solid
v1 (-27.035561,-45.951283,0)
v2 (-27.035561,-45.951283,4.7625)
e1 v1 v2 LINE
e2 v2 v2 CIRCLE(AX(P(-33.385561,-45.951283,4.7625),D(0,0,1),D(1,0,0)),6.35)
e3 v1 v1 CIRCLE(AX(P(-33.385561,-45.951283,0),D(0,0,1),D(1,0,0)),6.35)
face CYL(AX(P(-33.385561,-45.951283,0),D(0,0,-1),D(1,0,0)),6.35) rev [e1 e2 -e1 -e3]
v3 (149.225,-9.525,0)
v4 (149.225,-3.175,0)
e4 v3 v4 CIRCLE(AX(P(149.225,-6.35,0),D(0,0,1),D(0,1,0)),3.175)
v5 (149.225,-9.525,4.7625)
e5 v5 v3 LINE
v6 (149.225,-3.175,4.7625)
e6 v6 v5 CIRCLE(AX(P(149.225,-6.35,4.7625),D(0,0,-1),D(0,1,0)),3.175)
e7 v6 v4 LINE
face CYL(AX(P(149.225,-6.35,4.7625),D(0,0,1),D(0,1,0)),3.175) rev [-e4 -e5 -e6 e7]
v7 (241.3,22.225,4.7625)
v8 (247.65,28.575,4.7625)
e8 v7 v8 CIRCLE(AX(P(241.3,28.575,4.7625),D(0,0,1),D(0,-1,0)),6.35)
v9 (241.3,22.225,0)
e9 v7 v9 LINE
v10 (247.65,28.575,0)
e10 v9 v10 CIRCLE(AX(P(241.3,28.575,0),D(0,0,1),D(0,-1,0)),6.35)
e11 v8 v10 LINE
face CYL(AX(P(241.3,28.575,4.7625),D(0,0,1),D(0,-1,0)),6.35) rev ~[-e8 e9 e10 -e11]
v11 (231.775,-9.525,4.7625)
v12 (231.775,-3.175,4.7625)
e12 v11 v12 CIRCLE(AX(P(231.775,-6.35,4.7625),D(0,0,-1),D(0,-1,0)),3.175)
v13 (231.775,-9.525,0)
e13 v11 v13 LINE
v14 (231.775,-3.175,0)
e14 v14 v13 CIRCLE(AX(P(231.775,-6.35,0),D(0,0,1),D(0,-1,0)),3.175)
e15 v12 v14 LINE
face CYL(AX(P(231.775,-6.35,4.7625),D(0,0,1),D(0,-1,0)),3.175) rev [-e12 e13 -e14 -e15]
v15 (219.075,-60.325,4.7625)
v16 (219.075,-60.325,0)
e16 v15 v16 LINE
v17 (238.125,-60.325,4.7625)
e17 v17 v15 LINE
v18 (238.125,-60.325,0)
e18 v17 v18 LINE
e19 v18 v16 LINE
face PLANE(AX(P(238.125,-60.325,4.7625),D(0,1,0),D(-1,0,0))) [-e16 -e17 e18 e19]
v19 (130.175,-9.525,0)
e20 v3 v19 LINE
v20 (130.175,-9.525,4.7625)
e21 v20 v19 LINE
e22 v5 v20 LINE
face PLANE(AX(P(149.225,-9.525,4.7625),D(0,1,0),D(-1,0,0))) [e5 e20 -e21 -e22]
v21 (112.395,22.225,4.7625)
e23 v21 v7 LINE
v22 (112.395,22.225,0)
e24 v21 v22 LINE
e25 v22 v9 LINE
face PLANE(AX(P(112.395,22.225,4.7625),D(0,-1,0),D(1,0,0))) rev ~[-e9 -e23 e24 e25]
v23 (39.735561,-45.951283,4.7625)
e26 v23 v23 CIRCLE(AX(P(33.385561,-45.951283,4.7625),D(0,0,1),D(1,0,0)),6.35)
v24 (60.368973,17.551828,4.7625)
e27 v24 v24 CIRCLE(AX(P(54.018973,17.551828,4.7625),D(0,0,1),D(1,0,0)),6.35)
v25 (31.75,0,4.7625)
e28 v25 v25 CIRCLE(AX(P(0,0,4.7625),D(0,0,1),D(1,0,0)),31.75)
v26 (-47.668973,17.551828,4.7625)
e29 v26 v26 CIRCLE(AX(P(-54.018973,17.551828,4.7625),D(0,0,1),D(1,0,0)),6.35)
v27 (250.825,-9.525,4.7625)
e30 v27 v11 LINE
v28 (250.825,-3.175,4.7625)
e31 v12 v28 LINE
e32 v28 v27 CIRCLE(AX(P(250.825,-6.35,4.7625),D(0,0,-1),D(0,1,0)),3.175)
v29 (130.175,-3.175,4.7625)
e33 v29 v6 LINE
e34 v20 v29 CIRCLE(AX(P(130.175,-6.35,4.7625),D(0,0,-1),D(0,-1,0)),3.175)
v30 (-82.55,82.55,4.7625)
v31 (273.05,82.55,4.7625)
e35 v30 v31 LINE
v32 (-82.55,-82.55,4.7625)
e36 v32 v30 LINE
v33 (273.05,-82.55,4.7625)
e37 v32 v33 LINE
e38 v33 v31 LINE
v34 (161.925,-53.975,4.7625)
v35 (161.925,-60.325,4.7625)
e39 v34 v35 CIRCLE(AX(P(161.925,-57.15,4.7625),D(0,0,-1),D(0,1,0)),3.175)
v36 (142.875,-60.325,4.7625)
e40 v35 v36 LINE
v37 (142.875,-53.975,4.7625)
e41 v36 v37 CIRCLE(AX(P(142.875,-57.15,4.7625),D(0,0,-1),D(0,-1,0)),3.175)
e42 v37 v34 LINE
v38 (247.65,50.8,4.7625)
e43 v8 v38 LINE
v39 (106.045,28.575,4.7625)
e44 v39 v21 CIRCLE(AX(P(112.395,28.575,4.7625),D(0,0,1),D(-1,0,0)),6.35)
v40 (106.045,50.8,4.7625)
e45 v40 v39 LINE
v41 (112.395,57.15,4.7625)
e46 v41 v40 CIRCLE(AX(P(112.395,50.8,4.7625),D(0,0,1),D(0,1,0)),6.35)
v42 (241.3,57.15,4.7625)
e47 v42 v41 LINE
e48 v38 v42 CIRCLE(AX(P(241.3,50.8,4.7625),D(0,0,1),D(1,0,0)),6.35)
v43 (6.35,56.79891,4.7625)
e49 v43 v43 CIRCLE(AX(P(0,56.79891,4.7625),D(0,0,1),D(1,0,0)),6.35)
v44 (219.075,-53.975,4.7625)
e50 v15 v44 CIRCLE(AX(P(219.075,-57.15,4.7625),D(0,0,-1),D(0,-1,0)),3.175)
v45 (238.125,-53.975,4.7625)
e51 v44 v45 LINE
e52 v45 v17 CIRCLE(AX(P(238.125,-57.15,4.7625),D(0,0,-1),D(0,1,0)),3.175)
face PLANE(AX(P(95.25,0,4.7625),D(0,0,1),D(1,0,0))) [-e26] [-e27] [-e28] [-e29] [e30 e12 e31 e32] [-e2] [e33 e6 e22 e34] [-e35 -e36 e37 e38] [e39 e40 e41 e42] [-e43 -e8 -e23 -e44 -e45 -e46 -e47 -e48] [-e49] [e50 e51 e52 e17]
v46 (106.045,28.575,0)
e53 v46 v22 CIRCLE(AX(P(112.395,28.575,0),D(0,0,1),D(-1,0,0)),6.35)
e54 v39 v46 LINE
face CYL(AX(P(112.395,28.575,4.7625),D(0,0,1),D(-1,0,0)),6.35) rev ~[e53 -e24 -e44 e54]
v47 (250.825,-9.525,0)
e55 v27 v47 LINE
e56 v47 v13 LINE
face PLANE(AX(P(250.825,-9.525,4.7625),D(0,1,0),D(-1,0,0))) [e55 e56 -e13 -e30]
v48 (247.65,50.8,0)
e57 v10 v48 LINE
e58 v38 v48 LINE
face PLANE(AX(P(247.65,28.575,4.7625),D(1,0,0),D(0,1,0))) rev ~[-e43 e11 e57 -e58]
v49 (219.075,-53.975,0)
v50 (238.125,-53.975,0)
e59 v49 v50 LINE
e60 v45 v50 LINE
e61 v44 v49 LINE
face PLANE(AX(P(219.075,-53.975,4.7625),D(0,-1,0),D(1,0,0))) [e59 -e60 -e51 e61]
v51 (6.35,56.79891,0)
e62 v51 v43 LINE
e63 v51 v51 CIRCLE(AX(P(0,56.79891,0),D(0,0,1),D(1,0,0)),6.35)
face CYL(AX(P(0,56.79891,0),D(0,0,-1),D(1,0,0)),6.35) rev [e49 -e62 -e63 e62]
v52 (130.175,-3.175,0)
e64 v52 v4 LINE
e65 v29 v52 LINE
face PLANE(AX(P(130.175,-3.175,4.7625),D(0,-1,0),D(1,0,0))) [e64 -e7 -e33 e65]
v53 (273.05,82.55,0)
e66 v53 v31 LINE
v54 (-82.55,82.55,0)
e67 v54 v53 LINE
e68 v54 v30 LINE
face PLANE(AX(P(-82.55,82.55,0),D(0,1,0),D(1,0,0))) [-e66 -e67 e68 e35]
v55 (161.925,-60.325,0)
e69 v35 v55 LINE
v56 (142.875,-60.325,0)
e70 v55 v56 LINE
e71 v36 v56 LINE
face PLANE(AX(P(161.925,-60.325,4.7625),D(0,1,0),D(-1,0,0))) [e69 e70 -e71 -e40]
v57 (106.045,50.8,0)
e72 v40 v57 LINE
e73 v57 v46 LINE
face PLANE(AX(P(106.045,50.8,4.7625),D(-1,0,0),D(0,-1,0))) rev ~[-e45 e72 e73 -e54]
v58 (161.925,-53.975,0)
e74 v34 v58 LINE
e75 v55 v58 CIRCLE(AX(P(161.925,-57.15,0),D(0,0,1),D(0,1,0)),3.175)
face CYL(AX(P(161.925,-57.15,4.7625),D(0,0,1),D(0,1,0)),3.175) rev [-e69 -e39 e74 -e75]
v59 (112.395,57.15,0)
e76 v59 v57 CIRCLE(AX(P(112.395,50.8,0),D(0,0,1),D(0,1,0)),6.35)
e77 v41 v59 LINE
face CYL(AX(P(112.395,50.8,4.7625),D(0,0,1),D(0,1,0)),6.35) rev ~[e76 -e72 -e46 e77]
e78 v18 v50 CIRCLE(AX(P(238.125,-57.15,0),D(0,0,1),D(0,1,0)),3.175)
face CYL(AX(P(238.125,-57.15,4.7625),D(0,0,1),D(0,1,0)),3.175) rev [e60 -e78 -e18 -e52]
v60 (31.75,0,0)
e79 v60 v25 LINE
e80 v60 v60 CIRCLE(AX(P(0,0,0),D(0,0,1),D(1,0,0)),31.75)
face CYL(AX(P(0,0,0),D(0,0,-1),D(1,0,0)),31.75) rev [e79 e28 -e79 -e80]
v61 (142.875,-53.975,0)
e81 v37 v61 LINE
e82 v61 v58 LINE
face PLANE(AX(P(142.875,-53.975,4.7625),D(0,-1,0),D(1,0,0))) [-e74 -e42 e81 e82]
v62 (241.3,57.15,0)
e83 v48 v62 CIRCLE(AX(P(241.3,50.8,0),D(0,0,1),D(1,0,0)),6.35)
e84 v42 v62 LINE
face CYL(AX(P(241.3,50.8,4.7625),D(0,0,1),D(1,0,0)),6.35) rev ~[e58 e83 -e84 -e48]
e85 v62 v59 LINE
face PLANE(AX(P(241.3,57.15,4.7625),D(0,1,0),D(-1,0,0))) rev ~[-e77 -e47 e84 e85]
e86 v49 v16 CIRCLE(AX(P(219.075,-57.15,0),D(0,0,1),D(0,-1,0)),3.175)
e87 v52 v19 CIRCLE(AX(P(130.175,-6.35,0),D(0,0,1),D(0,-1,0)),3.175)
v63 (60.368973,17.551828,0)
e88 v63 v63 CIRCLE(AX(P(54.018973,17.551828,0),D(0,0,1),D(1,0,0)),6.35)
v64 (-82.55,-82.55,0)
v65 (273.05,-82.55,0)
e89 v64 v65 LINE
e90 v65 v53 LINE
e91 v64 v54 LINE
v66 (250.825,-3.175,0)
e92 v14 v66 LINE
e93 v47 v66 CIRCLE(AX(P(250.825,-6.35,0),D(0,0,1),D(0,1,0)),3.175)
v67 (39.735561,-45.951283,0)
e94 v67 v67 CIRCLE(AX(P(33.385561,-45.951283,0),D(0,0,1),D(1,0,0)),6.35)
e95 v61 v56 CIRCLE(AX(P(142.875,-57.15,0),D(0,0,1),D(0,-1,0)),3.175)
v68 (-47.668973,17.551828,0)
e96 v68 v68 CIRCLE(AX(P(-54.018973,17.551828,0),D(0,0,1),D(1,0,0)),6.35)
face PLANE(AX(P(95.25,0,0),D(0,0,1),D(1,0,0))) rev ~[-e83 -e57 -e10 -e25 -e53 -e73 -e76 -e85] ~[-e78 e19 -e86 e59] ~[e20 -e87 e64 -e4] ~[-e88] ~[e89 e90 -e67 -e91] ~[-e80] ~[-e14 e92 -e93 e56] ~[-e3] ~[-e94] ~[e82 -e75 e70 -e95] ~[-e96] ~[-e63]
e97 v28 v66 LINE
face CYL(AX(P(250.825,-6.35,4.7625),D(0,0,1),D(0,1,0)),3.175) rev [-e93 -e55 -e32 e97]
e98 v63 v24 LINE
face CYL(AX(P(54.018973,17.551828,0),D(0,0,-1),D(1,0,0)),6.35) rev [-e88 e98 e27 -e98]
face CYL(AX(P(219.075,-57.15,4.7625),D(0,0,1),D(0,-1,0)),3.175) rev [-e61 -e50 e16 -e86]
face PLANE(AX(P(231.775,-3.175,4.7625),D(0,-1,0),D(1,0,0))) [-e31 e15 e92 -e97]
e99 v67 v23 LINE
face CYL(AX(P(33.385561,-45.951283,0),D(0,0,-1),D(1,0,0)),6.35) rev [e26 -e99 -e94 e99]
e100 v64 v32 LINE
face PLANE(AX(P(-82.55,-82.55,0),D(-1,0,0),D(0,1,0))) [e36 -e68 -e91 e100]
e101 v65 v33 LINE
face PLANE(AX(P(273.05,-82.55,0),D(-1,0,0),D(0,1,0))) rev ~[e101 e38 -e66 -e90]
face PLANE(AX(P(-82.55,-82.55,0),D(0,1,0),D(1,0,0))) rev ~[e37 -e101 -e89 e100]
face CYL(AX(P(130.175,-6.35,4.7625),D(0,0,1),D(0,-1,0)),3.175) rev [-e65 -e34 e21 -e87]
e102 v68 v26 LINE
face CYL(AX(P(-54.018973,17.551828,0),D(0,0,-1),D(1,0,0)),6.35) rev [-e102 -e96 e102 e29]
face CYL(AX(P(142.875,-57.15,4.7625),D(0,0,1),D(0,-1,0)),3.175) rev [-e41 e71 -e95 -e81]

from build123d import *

# Parameters (mm, degrees)
SKETCH2_W           = 355.6
SKETCH2_H           = 165.1
SKETCH2_R           = 31.75
SKETCH2_R_2         = 6.35
BOSS_EXTRUDE1_DEPTH = 4.7625
CUT_EXTRUDE1_DEPTH  = 5.7625
CUT_EXTRUDE3_DEPTH  = 5.7625


with BuildPart() as part:
    # Sketch2 → Boss-Extrude1 (new body)
    with BuildSketch(Plane.XY):
        with Locations((95.25, 0)):
            Rectangle(SKETCH2_W, SKETCH2_H)
        Circle(SKETCH2_R, mode=Mode.SUBTRACT)
        with Locations((-54.018973032, 17.551828308)):
            Circle(SKETCH2_R_2, mode=Mode.SUBTRACT)
        with Locations((0, 56.798909535)):
            Circle(SKETCH2_R_2, mode=Mode.SUBTRACT)
        with Locations((54.018973032, 17.551828308)):
            Circle(SKETCH2_R_2, mode=Mode.SUBTRACT)
        with Locations((33.385561371, -45.951283076)):
            Circle(SKETCH2_R_2, mode=Mode.SUBTRACT)
        with Locations((-33.385561371, -45.951283076)):
            Circle(SKETCH2_R_2, mode=Mode.SUBTRACT)
    extrude(amount=BOSS_EXTRUDE1_DEPTH)

    # Sketch3 → Cut-Extrude1 (cut, through all)
    with BuildSketch(Plane.XY.offset(4.7625)):
        with BuildLine():
            Line((149.225, -9.525), (130.175, -9.525))
            ThreePointArc((130.175, -9.525), (127, -6.35), (130.175, -3.175))
            Line((130.175, -3.175), (149.225, -3.175))
            ThreePointArc((149.225, -3.175), (152.4, -6.35), (149.225, -9.525))
        make_face()
        with BuildLine():
            Line((250.825, -9.525), (231.775, -9.525))
            ThreePointArc((231.775, -9.525), (228.6, -6.35), (231.775, -3.175))
            Line((231.775, -3.175), (250.825, -3.175))
            ThreePointArc((250.825, -3.175), (254, -6.35), (250.825, -9.525))
        make_face()
        with BuildLine():
            Line((238.125, -60.325), (219.075, -60.325))
            ThreePointArc((219.075, -60.325), (215.9, -57.15), (219.075, -53.975))
            Line((219.075, -53.975), (238.125, -53.975))
            ThreePointArc((238.125, -53.975), (241.3, -57.15), (238.125, -60.325))
        make_face()
        with BuildLine():
            Line((142.875, -53.975), (161.925, -53.975))
            ThreePointArc((161.925, -53.975), (165.1, -57.15), (161.925, -60.325))
            Line((161.925, -60.325), (142.875, -60.325))
            ThreePointArc((142.875, -60.325), (139.7, -57.15), (142.875, -53.975))
        make_face()
    extrude(amount=-CUT_EXTRUDE1_DEPTH, mode=Mode.SUBTRACT)

    # Sketch4 → Cut-Extrude3 (cut, through all)
    with BuildSketch(Plane.XY.offset(4.7625)):
        with BuildLine():
            Line((247.65, 28.575), (247.65, 50.8))
            ThreePointArc((247.65, 50.8), (245.790128061, 55.290128061), (241.3, 57.15))
            Line((241.3, 57.15), (112.395, 57.15))
            ThreePointArc((112.395, 57.15), (107.904871939, 55.290128061), (106.045, 50.8))
            Line((106.045, 50.8), (106.045, 28.575))
            ThreePointArc((106.045, 28.575), (107.904871939, 24.084871939), (112.395, 22.225))
            Line((112.395, 22.225), (241.3, 22.225))
            ThreePointArc((241.3, 22.225), (245.790128061, 24.084871939), (247.65, 28.575))
        make_face()
    extrude(amount=-CUT_EXTRUDE3_DEPTH, mode=Mode.SUBTRACT)


solid = part.part
